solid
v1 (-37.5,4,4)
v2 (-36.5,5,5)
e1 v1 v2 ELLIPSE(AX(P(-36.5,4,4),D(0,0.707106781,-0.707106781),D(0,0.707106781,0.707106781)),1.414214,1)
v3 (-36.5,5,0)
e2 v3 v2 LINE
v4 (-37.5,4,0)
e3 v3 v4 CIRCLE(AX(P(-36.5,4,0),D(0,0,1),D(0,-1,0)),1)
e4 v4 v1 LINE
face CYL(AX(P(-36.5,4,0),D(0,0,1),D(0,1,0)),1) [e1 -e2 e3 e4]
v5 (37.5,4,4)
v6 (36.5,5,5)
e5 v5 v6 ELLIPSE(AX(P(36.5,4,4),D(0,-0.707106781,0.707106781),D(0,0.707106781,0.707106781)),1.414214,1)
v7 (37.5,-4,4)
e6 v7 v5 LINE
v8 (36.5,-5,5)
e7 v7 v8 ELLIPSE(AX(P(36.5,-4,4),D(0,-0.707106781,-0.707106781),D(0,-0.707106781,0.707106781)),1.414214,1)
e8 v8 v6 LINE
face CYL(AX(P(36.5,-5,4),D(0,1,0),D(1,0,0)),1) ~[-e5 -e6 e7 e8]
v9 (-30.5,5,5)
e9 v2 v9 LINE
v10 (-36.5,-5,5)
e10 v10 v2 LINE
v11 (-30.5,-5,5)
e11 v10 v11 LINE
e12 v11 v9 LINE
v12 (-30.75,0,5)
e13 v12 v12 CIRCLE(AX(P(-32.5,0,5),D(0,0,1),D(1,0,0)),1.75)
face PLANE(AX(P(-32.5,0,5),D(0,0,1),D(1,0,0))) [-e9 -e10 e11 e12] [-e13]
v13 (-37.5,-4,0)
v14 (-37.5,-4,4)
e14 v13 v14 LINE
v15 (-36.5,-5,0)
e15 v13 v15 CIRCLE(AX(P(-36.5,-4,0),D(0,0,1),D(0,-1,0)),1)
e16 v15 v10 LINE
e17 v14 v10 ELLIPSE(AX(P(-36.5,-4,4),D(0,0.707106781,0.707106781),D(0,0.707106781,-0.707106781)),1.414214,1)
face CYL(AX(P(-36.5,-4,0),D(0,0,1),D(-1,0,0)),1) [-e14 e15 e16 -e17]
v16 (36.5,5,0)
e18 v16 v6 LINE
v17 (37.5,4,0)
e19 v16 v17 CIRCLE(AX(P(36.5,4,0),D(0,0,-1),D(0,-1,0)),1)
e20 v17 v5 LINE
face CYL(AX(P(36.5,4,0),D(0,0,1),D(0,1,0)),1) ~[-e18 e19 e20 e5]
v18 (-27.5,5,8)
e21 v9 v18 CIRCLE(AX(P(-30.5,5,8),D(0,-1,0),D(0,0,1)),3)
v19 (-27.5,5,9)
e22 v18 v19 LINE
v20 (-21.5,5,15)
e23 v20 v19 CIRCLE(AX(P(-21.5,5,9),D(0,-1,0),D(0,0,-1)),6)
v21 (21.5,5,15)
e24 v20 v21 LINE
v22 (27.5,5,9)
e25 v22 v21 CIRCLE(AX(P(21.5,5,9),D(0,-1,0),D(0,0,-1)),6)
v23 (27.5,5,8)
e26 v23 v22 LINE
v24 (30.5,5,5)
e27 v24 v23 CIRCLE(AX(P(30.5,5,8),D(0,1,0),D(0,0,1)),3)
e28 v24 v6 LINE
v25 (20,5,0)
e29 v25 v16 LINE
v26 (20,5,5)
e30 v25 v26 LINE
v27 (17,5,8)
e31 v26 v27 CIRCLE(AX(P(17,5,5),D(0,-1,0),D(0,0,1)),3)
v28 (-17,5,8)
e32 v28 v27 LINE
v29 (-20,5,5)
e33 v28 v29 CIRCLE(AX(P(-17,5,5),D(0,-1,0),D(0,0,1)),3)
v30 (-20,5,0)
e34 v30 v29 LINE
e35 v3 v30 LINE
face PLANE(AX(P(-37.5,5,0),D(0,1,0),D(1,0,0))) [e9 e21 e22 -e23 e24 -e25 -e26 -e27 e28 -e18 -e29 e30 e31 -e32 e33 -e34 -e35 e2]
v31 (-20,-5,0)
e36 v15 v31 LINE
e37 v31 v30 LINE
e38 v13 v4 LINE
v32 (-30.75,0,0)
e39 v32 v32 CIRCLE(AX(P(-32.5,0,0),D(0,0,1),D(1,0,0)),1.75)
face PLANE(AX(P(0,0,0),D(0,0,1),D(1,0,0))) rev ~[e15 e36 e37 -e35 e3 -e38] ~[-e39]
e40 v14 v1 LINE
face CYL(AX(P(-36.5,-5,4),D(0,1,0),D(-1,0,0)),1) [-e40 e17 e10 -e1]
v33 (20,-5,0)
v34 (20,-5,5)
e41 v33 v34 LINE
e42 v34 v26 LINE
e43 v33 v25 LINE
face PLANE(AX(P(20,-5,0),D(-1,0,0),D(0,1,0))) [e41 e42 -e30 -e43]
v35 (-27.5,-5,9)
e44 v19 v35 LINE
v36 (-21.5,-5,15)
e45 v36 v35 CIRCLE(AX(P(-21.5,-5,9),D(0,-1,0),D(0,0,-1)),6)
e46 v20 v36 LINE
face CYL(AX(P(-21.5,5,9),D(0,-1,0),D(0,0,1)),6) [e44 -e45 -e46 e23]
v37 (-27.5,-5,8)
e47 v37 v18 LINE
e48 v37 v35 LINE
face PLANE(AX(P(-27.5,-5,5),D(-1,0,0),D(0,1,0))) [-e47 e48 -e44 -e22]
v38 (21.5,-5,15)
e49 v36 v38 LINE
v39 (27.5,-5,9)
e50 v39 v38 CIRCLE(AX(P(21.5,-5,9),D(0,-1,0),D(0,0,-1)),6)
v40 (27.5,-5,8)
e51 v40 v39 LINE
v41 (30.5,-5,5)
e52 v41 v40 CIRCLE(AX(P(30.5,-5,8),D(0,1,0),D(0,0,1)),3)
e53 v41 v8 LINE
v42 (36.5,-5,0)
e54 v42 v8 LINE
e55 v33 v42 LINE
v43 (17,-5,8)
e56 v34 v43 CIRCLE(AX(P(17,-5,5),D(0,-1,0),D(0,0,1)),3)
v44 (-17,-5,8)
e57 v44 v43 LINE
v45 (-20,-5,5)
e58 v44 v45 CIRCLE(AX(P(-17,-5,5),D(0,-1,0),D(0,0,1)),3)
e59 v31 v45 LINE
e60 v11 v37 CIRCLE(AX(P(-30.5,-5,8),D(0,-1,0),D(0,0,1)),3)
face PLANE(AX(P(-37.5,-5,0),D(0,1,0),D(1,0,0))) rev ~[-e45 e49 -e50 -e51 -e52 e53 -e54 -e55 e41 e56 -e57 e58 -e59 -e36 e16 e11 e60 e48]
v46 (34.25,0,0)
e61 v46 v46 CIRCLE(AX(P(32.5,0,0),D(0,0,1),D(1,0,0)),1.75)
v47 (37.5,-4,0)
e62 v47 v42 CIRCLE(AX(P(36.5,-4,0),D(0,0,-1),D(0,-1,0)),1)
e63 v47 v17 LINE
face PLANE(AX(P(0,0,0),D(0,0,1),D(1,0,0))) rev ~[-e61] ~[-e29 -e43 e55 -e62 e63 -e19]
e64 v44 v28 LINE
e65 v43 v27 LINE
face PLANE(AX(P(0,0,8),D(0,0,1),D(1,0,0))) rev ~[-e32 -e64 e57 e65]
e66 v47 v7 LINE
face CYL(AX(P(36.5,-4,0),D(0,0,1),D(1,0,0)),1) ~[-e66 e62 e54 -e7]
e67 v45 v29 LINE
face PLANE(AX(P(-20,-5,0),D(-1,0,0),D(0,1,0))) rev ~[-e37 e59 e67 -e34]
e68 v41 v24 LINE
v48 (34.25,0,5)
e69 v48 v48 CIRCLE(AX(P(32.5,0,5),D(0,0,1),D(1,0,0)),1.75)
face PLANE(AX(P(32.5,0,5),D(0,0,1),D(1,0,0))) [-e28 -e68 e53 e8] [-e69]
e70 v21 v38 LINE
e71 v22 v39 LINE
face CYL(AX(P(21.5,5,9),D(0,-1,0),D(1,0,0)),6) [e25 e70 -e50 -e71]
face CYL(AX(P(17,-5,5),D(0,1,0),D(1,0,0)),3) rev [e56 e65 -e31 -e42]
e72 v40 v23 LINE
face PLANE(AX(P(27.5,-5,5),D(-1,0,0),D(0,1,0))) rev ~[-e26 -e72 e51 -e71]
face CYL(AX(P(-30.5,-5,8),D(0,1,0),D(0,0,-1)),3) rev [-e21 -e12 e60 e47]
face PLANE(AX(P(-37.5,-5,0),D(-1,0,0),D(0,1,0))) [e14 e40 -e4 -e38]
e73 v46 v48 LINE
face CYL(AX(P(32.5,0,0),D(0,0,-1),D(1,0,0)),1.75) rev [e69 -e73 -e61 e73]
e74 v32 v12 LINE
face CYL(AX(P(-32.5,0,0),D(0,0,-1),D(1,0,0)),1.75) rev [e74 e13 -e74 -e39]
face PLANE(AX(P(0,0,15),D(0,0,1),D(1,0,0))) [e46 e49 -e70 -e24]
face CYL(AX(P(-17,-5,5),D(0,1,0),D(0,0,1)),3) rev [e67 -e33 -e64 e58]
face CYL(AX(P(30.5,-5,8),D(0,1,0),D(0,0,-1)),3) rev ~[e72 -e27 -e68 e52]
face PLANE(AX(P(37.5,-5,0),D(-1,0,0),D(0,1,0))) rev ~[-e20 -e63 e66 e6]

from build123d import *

# Parameters (mm, degrees)
SKETCH_W        = 75
SKETCH_H        = 10
PAD_DEPTH       = 15
SKETCH001_W     = 10
SKETCH001_H     = 10
POCKET_DEPTH    = 25
SKETCH002_R     = 1.75
POCKET001_DEPTH = 5
SKETCH003_W     = 40
SKETCH003_H     = 10
POCKET002_DEPTH = 8
FILLET_R        = 3
FILLET001_R     = 6
FILLET002_R     = 3
FILLET003_R     = 1


with BuildPart() as part:
    # Sketch → Pad (new body)
    with BuildSketch(Plane.XY):
        Rectangle(SKETCH_W, SKETCH_H)
    extrude(amount=PAD_DEPTH)

    # Sketch001 → Pocket (cut)
    with BuildSketch(Plane.XY.offset(5)):
        with Locations((-32.5, 0)):
            Rectangle(SKETCH001_W, SKETCH001_H)
        with Locations((32.5, 0)):
            Rectangle(SKETCH001_W, SKETCH001_H)
    extrude(amount=POCKET_DEPTH, mode=Mode.SUBTRACT)

    # Sketch002 → Pocket001 (cut)
    with BuildSketch(Plane.XY):
        with Locations((-32.5, 0)):
            Circle(SKETCH002_R)
        with Locations((32.5, 0)):
            Circle(SKETCH002_R)
    extrude(amount=POCKET001_DEPTH, mode=Mode.SUBTRACT)

    # Sketch003 → Pocket002 (cut)
    with BuildSketch(Plane.XY):
        Rectangle(SKETCH003_W, SKETCH003_H)
    extrude(amount=POCKET002_DEPTH, mode=Mode.SUBTRACT)

    # Fillet
    fillet_edges = [part.edges().sort_by_distance(p)[0] for p in [
        (-27.5, 0, 5),
        (27.5, 0, 5),
    ]]
    fillet(fillet_edges, radius=FILLET_R)

    # Fillet001
    fillet001_edges = [part.edges().sort_by_distance(p)[0] for p in [
        (-27.5, 0, 15),
        (27.5, 0, 15),
    ]]
    fillet(fillet001_edges, radius=FILLET001_R)

    # Fillet002
    fillet002_edges = [part.edges().sort_by_distance(p)[0] for p in [
        (-20, 0, 8),
        (20, 0, 8),
    ]]
    fillet(fillet002_edges, radius=FILLET002_R)

    # Fillet003
    fillet003_edges = [part.edges().sort_by_distance(p)[0] for p in [
        (-37.5, 0, 5),
        (-37.5, -5, 2.5),
        (-37.5, 5, 2.5),
        (37.5, -5, 2.5),
        (37.5, 0, 5),
        (37.5, 5, 2.5),
    ]]
    fillet(fillet003_edges, radius=FILLET003_R)


solid = part.part
